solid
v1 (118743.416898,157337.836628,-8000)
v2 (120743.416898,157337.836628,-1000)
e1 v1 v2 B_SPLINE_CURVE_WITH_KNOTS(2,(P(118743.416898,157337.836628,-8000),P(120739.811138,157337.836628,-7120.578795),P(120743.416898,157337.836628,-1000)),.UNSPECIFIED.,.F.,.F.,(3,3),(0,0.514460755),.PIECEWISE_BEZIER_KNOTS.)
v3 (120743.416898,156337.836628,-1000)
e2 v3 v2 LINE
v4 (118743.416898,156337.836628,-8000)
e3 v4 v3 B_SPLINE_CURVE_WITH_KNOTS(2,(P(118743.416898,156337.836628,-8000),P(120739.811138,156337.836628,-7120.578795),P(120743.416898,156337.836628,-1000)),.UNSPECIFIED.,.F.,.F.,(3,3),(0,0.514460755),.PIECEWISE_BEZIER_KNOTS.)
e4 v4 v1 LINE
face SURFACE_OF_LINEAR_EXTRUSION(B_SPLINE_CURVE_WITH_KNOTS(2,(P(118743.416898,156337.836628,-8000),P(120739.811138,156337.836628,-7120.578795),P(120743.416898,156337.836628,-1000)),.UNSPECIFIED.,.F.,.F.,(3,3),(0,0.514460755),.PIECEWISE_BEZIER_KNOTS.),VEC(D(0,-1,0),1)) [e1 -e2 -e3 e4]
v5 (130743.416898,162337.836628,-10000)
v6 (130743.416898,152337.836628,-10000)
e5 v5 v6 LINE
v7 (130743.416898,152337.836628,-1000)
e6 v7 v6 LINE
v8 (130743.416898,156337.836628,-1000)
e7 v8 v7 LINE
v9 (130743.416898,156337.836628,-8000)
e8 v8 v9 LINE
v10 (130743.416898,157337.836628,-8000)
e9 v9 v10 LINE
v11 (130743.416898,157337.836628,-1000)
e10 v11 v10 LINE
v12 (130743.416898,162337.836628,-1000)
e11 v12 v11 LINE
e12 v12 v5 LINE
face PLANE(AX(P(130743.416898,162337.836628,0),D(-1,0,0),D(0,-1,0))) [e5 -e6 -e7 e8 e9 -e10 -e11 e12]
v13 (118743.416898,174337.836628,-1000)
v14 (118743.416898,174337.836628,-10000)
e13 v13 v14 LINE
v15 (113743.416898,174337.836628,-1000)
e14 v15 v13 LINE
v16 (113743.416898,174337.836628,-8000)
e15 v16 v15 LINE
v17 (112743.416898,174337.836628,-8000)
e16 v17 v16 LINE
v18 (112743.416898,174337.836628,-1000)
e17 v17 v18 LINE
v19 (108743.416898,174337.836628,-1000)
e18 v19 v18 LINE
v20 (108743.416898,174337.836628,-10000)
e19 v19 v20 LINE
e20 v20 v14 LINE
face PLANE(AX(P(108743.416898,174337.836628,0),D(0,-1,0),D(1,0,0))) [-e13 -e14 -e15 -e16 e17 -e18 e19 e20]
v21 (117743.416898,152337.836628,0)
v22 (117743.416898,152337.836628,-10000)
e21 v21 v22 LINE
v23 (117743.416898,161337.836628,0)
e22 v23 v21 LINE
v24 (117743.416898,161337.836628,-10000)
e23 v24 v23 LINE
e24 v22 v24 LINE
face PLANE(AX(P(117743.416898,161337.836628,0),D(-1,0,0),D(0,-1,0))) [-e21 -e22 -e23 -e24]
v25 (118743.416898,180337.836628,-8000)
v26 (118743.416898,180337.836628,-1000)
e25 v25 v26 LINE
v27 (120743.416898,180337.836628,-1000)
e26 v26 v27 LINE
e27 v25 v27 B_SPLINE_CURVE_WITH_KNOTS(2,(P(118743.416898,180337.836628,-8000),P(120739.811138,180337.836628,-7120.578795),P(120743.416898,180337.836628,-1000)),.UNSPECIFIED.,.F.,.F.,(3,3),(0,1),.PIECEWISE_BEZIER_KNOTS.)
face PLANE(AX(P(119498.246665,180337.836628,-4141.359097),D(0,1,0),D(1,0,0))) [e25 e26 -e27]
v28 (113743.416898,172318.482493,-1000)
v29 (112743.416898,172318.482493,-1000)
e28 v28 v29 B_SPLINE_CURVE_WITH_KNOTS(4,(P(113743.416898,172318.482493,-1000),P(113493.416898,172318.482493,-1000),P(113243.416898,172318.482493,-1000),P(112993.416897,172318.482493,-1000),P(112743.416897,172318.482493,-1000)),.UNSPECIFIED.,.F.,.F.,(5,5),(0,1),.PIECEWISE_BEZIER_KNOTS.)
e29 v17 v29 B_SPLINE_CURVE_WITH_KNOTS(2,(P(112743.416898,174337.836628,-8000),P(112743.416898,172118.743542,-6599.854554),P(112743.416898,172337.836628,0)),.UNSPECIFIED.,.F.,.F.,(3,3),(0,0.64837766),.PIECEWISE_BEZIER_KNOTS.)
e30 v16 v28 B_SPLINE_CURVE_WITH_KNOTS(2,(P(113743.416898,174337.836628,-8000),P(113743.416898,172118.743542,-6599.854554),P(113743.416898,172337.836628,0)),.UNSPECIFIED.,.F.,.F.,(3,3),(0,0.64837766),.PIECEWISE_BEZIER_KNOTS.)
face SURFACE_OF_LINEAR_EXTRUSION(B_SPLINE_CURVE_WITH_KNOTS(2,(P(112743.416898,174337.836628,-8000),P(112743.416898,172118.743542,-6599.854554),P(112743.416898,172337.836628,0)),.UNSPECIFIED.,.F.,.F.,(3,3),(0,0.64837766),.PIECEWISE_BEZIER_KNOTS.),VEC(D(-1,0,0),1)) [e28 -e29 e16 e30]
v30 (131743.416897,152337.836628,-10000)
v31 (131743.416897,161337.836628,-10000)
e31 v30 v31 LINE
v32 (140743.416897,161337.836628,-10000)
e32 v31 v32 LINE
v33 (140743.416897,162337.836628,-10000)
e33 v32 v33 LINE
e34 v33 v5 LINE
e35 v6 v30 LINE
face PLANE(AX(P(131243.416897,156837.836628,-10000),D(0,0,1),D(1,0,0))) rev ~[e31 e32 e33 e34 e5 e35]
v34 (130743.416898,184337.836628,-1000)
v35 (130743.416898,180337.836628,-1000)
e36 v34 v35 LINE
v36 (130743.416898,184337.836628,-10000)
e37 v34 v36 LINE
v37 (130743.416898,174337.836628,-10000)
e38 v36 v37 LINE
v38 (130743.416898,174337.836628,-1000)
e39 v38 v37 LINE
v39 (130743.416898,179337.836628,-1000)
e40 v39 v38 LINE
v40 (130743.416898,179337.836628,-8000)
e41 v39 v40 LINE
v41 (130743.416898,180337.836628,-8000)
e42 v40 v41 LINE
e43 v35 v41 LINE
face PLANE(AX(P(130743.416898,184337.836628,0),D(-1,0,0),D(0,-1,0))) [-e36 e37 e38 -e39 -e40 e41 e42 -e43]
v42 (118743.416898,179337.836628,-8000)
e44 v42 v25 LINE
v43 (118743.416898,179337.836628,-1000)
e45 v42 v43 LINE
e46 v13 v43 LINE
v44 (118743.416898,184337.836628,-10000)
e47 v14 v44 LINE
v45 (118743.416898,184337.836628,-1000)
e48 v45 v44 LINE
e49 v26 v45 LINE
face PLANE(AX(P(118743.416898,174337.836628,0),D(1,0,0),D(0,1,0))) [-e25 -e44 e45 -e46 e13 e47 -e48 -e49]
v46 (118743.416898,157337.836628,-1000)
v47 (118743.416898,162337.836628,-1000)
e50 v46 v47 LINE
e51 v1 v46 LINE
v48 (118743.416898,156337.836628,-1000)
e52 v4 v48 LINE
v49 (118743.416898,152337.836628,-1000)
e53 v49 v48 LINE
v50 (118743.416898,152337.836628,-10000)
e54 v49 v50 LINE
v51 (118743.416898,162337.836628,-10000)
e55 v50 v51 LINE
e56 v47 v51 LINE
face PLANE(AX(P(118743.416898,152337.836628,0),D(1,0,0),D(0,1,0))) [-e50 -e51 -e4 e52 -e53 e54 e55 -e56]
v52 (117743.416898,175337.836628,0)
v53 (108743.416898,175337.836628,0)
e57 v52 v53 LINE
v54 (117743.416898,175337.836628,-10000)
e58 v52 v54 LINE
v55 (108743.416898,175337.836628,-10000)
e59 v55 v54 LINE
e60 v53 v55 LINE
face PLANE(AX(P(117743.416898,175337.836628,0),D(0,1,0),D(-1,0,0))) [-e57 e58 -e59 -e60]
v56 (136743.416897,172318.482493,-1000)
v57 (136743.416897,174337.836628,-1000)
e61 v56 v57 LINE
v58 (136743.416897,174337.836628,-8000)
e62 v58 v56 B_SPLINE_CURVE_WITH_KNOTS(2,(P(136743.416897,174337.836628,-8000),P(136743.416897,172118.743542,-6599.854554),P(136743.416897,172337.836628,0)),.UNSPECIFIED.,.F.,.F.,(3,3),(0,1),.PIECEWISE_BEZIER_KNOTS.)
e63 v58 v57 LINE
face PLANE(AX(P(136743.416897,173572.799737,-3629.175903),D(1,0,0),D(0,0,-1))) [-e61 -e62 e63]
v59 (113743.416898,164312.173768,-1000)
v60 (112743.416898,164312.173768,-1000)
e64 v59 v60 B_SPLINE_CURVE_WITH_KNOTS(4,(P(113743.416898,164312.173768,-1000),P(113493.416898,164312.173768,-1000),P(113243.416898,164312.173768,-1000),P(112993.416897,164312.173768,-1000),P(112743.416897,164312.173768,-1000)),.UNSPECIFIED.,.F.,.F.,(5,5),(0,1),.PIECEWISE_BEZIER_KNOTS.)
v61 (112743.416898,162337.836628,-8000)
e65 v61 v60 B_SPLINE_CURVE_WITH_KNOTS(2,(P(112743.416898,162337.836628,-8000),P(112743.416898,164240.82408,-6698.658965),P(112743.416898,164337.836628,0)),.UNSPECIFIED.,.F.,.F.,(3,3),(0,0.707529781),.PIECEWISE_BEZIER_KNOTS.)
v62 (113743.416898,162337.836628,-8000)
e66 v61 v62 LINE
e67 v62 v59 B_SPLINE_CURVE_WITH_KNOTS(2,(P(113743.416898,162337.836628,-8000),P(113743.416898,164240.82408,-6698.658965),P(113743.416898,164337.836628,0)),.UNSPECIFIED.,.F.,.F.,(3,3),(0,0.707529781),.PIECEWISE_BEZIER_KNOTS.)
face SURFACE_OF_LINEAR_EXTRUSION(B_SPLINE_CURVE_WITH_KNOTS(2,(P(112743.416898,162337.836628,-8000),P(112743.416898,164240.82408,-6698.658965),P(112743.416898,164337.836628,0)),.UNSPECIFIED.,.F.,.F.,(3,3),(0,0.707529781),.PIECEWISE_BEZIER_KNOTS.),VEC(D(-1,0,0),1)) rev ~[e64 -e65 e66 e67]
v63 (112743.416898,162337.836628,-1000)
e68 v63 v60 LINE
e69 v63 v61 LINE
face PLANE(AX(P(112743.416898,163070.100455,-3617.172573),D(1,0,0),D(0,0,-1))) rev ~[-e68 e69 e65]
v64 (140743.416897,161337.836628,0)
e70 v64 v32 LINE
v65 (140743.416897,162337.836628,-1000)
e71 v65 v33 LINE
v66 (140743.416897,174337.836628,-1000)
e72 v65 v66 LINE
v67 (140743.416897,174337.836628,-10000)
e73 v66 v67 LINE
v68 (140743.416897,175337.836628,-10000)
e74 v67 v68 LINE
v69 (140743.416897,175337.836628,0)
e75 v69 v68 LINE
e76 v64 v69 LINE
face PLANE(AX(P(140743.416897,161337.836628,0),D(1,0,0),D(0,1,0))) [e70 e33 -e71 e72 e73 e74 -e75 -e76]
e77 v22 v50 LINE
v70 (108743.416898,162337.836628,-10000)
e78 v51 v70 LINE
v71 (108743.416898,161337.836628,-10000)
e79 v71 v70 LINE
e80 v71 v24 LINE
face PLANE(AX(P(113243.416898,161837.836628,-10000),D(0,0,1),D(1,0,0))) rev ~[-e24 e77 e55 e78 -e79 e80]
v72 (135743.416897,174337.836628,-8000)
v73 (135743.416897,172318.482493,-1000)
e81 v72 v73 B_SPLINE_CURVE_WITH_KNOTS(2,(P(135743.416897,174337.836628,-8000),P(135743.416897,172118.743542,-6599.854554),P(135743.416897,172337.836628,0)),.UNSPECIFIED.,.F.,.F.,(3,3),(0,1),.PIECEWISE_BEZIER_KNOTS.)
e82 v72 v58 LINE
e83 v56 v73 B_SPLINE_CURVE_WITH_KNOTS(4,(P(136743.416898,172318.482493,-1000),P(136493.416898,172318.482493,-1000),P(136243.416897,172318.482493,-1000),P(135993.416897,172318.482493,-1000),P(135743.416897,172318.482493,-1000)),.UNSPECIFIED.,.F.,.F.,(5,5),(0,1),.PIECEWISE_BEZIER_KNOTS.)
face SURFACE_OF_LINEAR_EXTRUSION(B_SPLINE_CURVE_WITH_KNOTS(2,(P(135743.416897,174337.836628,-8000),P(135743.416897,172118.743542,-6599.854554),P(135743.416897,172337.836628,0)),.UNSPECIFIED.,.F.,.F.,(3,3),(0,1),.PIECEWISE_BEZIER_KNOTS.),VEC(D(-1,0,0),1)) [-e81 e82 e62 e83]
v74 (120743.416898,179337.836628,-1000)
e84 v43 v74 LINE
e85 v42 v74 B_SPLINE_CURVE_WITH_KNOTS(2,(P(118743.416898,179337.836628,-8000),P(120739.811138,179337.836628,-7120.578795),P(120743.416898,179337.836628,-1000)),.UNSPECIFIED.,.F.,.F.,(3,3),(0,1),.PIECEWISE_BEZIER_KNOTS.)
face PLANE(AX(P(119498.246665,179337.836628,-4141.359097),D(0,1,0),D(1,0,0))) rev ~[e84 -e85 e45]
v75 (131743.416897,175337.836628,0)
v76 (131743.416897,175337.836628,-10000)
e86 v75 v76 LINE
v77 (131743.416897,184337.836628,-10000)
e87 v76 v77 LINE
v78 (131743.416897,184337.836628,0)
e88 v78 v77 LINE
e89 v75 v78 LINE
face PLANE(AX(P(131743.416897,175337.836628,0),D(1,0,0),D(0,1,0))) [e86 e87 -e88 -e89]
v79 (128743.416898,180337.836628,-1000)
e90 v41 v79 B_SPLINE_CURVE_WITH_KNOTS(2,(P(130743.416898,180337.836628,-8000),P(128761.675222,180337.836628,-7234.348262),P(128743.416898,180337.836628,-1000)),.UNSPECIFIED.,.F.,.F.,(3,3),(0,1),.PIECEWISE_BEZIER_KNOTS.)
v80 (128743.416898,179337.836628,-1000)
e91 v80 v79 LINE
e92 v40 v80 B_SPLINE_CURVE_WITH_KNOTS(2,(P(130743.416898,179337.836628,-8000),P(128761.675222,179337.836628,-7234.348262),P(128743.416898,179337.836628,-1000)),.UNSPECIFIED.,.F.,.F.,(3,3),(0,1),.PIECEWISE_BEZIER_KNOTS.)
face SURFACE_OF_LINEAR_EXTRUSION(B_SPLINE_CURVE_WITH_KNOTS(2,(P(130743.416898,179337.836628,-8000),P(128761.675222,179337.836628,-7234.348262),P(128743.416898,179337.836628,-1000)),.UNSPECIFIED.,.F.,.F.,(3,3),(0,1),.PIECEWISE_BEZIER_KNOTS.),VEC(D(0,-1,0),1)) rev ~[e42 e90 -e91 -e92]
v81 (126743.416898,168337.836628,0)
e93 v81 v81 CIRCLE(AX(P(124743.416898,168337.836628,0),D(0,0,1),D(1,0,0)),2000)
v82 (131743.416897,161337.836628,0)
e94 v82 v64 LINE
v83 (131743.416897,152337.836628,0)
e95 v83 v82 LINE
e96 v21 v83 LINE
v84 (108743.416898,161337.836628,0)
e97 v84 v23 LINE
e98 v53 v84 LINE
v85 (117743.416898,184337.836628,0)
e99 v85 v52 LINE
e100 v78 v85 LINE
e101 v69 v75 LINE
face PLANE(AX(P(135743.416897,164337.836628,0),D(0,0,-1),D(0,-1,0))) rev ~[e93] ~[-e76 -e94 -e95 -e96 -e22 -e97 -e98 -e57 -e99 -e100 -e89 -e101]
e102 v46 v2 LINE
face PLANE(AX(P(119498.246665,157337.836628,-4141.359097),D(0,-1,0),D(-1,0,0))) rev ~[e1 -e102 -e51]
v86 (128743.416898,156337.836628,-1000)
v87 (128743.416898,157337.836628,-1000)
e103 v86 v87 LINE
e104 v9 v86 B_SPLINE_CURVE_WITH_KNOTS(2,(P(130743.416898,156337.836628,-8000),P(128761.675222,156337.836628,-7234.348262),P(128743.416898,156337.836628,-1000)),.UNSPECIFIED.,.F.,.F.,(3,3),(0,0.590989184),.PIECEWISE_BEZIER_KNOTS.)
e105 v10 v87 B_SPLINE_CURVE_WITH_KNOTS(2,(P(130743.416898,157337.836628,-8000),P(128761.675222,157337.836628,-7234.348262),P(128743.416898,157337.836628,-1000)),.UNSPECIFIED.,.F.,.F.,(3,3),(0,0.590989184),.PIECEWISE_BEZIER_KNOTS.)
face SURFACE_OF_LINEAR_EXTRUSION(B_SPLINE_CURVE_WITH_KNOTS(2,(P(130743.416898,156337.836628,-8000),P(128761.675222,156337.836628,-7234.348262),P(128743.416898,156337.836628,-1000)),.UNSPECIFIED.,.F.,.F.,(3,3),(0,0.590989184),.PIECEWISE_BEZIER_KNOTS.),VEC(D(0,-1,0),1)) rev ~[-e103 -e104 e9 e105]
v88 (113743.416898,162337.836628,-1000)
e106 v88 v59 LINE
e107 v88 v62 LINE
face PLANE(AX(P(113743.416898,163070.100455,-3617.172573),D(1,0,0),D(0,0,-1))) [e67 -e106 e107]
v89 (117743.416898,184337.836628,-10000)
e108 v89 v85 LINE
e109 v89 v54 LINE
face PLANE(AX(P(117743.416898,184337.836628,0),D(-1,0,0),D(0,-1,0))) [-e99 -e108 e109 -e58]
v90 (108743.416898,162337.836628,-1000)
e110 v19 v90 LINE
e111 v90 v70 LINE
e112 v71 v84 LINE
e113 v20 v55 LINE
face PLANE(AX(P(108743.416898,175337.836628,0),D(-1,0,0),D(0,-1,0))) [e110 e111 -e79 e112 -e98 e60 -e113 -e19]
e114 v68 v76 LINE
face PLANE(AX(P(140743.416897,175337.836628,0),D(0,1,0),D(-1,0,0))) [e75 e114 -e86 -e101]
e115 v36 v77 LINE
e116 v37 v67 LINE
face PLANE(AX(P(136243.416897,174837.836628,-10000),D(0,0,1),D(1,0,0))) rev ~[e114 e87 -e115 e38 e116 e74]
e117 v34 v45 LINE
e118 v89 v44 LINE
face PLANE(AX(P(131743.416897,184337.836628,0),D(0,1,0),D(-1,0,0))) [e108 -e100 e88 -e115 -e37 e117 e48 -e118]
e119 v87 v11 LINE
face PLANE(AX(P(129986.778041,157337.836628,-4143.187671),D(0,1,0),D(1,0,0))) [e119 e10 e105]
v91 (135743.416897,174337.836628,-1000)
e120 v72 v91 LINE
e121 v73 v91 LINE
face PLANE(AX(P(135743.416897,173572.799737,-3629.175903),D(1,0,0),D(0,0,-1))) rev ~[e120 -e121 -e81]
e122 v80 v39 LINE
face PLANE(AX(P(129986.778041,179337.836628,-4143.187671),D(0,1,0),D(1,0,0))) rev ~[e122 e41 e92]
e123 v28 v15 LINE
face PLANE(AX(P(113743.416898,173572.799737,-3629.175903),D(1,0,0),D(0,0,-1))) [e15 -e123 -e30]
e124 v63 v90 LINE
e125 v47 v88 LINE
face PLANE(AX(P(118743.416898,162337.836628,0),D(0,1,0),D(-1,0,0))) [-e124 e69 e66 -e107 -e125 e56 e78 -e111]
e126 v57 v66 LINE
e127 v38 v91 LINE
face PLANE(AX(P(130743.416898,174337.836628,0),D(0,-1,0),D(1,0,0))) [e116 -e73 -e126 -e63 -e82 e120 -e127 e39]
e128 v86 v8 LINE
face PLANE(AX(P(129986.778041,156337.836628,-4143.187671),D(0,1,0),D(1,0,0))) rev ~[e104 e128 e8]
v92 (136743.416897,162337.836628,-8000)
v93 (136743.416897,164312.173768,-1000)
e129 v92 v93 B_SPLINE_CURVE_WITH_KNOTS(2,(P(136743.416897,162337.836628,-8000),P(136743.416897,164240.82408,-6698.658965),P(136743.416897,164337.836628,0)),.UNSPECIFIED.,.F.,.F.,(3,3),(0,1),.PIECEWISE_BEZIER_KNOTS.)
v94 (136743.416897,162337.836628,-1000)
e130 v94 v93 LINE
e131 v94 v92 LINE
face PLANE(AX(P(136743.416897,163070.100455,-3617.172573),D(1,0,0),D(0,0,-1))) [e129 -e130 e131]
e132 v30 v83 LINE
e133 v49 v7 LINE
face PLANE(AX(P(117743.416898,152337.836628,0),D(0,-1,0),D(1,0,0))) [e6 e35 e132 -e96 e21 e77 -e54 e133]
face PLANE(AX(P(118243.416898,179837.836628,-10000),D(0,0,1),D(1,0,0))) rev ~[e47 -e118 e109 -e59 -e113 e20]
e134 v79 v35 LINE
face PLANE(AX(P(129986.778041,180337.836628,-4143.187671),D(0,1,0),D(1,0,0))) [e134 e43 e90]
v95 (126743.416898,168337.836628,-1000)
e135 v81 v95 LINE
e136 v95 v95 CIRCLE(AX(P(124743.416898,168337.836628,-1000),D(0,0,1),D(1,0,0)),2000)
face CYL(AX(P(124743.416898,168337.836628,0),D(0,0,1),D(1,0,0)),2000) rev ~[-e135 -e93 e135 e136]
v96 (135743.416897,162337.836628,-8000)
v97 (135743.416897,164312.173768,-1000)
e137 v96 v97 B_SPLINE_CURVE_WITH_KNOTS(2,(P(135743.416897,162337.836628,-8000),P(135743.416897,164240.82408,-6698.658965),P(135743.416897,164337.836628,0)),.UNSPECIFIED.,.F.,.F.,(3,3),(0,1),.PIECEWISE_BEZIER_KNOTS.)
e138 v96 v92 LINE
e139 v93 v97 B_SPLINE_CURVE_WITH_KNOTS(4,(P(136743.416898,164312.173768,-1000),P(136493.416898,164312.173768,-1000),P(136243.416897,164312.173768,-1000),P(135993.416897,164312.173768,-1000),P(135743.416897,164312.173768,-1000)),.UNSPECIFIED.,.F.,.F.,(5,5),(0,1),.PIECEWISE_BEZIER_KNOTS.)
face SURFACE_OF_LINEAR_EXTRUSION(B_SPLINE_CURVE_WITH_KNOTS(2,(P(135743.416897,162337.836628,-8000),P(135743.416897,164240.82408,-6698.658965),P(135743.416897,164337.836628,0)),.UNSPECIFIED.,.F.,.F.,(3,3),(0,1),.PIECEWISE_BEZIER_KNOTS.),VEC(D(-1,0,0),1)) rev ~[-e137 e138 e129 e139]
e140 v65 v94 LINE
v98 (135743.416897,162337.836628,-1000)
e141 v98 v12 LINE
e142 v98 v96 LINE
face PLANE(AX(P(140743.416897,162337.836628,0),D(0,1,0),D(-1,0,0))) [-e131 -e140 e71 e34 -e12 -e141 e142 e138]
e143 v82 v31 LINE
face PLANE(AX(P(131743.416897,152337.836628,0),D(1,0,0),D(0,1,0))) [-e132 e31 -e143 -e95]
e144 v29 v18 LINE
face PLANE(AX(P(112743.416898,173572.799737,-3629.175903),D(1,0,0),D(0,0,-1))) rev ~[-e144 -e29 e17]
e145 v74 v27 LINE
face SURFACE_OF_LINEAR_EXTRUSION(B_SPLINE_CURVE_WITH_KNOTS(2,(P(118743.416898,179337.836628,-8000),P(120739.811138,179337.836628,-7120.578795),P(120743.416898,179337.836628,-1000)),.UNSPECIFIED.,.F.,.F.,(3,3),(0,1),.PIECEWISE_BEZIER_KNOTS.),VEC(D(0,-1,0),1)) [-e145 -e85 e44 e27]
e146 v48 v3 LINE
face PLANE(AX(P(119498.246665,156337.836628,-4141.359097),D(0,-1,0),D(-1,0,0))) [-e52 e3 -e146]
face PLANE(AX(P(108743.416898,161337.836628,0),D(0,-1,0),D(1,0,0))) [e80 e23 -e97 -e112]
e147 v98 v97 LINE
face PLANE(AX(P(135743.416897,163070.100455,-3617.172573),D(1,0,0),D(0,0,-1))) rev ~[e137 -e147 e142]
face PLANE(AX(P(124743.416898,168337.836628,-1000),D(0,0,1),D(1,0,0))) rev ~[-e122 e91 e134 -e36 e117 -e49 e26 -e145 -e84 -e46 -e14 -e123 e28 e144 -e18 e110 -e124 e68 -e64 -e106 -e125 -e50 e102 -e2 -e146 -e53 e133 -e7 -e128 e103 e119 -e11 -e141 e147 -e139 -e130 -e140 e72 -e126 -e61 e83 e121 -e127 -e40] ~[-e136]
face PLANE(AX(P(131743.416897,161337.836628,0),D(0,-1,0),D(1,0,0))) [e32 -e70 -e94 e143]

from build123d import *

# Parameters (mm, degrees)
CROQUIS1_R                   = 2000
SALIENTE_EXTRUIR1_DEPTH      = 1000
SALIENTE_EXTRUIR2_DEPTH      = 10000
SALIENTE_EXTRUIR3_DEPTH      = 500
SALIENTE_EXTRUIR3_DEPTH_BACK = 500
SALIENTE_EXTRUIR4_DEPTH      = 500
SALIENTE_EXTRUIR4_DEPTH_BACK = 500
SALIENTE_EXTRUIR5_DEPTH      = 500
SALIENTE_EXTRUIR5_DEPTH_BACK = 500
SALIENTE_EXTRUIR6_DEPTH      = 500
SALIENTE_EXTRUIR6_DEPTH_BACK = 500


with BuildPart() as part:
    # Croquis1 → Saliente-Extruir1 (new body)
    with BuildSketch(Plane.XY):
        Polygon((117743.416897498, 161337.836627923), (117743.416897498, 152337.836627923), (131743.416897498, 152337.836627923), (131743.416897498, 161337.836627923), (140743.416897498, 161337.836627923), (140743.416897498, 175337.836627923), (131743.416897498, 175337.836627923), (131743.416897498, 184337.836627923), (117743.416897498, 184337.836627923), (117743.416897498, 175337.836627923), (108743.416897498, 175337.836627923), (108743.416897498, 161337.836627923), align=None)
        with Locations((124743.416897498, 168337.836627923)):
            Circle(CROQUIS1_R, mode=Mode.SUBTRACT)
    extrude(amount=-SALIENTE_EXTRUIR1_DEPTH)

    # Croquis1<6> → Saliente-Extruir2 (add)
    with BuildSketch(Plane.XY):
        Polygon((117743.416897498, 161337.836627923), (117743.416897498, 152337.836627923), (118743.416897498, 152337.836627923), (118743.416897498, 162337.836627923), (108743.416897498, 162337.836627923), (108743.416897498, 161337.836627923), align=None)
        Polygon((130743.416897498, 152337.836627923), (131743.416897498, 152337.836627923), (131743.416897498, 161337.836627923), (140743.416897498, 161337.836627923), (140743.416897498, 162337.836627923), (130743.416897498, 162337.836627923), align=None)
        Polygon((108743.416897498, 174337.836627923), (118743.416897498, 174337.836627923), (118743.416897498, 184337.836627923), (117743.416897498, 184337.836627923), (117743.416897498, 175337.836627923), (108743.416897498, 175337.836627923), align=None)
        Polygon((130743.416897498, 174337.836627923), (140743.416897498, 174337.836627923), (140743.416897498, 175337.836627923), (131743.416897498, 175337.836627923), (131743.416897498, 184337.836627923), (130743.416897498, 184337.836627923), align=None)
    extrude(amount=-SALIENTE_EXTRUIR2_DEPTH)

    # Croquis2 → Saliente-Extruir3 (add, two sides: drawn at the far end of the back side and taken through both)
    with BuildSketch(Plane(origin=(0, 156837.836627923, 0), x_dir=(1, 0, 0), z_dir=(0, 1, 0)).offset(-SALIENTE_EXTRUIR3_DEPTH_BACK)):
        with BuildLine():
            add(Edge.make_bspline(
                [(118743.416897498, 8000), (120739.811138244, 7120.578794783), (120743.416897498, 1000)],
                knots=[0, 0, 0, 0.514460755, 0.514460755, 0.514460755], degree=2))
            Line((118743.416897498, 8000), (118743.416897498, 1000))
            Line((118743.416897498, 1000), (120743.416897498, 1000))
        make_face()
        with BuildLine():
            Line((130743.416897498, 1000), (130743.416897498, 8000))
            add(Edge.make_bspline(
                [(130743.416897498, 8000), (128761.675222051, 7234.348262256), (128743.416897498, 1000)],
                knots=[0, 0, 0, 0.590989184, 0.590989184, 0.590989184], degree=2))
            Line((128743.416897498, 1000), (130743.416897498, 1000))
        make_face()
    extrude(amount=SALIENTE_EXTRUIR3_DEPTH + SALIENTE_EXTRUIR3_DEPTH_BACK)

    # Croquis3 → Saliente-Extruir4 (add, two sides: drawn at the far end of the back side and taken through both)
    with BuildSketch(Plane(origin=(0, 179837.836627923, 0), x_dir=(1, 0, 0), z_dir=(0, 1, 0)).offset(-SALIENTE_EXTRUIR4_DEPTH_BACK)):
        with BuildLine():
            add(Edge.make_bspline(
                [(130743.416897498, 8000), (128761.675222051, 7234.348262256), (128743.416897498, 1000)],
                knots=[0, 0, 0, 1, 1, 1], degree=2))
            Line((128743.416897498, 1000), (130743.416897498, 1000))
            Line((130743.416897498, 1000), (130743.416897498, 8000))
        make_face()
        with BuildLine():
            Line((118743.416897498, 8000), (118743.416897498, 1000))
            Line((118743.416897498, 1000), (120743.416897498, 1000))
            add(Edge.make_bspline(
                [(118743.416897498, 8000), (120739.811138244, 7120.578794783), (120743.416897498, 1000)],
                knots=[0, 0, 0, 1, 1, 1], degree=2))
        make_face()
    extrude(amount=SALIENTE_EXTRUIR4_DEPTH + SALIENTE_EXTRUIR4_DEPTH_BACK)

    # Croquis4 → Saliente-Extruir5 (add, two sides: drawn at the far end of the back side and taken through both)
    with BuildSketch(Plane(origin=(113243.416897498, 0, 0), x_dir=(0, 0, -1), z_dir=(1, 0, 0)).offset(-SALIENTE_EXTRUIR5_DEPTH_BACK)):
        with BuildLine():
            Line((8000, 174337.836627923), (0, 174337.836627923))
            Line((0, 174337.836627923), (0, 172337.836627923))
            add(Edge.make_bspline(
                [(8000, 174337.836627923), (6599.854554041, 172118.74354217), (0, 172337.836627923)],
                knots=[0, 0, 0, 0.64837766, 0.64837766, 0.64837766], degree=2))
        make_face()
        with BuildLine():
            add(Edge.make_bspline(
                [(8000, 162337.836627923), (6698.658965378, 164240.824079883), (0, 164337.836627923)],
                knots=[0, 0, 0, 0.707529781, 0.707529781, 0.707529781], degree=2))
            Line((0, 164337.836627923), (0, 162337.836627923))
            Line((0, 162337.836627923), (8000, 162337.836627923))
        make_face()
    extrude(amount=SALIENTE_EXTRUIR5_DEPTH + SALIENTE_EXTRUIR5_DEPTH_BACK)

    # Croquis5 → Saliente-Extruir6 (add, two sides: drawn at the far end of the back side and taken through both)
    with BuildSketch(Plane(origin=(136243.416897498, 0, 0), x_dir=(0, 0, -1), z_dir=(1, 0, 0)).offset(-SALIENTE_EXTRUIR6_DEPTH_BACK)):
        with BuildLine():
            Line((0, 164337.836627923), (0, 162337.836627923))
            Line((0, 162337.836627923), (8000, 162337.836627923))
            add(Edge.make_bspline(
                [(8000, 162337.836627923), (6698.658965378, 164240.824079882), (0, 164337.836627923)],
                knots=[0, 0, 0, 1, 1, 1], degree=2))
        make_face()
        with BuildLine():
            Line((0, 174337.836627923), (0, 172337.836627923))
            add(Edge.make_bspline(
                [(8000, 174337.836627923), (6599.854554041, 172118.74354217), (0, 172337.836627923)],
                knots=[0, 0, 0, 1, 1, 1], degree=2))
            Line((8000, 174337.836627923), (0, 174337.836627923))
        make_face()
    extrude(amount=SALIENTE_EXTRUIR6_DEPTH + SALIENTE_EXTRUIR6_DEPTH_BACK)


solid = part.part
